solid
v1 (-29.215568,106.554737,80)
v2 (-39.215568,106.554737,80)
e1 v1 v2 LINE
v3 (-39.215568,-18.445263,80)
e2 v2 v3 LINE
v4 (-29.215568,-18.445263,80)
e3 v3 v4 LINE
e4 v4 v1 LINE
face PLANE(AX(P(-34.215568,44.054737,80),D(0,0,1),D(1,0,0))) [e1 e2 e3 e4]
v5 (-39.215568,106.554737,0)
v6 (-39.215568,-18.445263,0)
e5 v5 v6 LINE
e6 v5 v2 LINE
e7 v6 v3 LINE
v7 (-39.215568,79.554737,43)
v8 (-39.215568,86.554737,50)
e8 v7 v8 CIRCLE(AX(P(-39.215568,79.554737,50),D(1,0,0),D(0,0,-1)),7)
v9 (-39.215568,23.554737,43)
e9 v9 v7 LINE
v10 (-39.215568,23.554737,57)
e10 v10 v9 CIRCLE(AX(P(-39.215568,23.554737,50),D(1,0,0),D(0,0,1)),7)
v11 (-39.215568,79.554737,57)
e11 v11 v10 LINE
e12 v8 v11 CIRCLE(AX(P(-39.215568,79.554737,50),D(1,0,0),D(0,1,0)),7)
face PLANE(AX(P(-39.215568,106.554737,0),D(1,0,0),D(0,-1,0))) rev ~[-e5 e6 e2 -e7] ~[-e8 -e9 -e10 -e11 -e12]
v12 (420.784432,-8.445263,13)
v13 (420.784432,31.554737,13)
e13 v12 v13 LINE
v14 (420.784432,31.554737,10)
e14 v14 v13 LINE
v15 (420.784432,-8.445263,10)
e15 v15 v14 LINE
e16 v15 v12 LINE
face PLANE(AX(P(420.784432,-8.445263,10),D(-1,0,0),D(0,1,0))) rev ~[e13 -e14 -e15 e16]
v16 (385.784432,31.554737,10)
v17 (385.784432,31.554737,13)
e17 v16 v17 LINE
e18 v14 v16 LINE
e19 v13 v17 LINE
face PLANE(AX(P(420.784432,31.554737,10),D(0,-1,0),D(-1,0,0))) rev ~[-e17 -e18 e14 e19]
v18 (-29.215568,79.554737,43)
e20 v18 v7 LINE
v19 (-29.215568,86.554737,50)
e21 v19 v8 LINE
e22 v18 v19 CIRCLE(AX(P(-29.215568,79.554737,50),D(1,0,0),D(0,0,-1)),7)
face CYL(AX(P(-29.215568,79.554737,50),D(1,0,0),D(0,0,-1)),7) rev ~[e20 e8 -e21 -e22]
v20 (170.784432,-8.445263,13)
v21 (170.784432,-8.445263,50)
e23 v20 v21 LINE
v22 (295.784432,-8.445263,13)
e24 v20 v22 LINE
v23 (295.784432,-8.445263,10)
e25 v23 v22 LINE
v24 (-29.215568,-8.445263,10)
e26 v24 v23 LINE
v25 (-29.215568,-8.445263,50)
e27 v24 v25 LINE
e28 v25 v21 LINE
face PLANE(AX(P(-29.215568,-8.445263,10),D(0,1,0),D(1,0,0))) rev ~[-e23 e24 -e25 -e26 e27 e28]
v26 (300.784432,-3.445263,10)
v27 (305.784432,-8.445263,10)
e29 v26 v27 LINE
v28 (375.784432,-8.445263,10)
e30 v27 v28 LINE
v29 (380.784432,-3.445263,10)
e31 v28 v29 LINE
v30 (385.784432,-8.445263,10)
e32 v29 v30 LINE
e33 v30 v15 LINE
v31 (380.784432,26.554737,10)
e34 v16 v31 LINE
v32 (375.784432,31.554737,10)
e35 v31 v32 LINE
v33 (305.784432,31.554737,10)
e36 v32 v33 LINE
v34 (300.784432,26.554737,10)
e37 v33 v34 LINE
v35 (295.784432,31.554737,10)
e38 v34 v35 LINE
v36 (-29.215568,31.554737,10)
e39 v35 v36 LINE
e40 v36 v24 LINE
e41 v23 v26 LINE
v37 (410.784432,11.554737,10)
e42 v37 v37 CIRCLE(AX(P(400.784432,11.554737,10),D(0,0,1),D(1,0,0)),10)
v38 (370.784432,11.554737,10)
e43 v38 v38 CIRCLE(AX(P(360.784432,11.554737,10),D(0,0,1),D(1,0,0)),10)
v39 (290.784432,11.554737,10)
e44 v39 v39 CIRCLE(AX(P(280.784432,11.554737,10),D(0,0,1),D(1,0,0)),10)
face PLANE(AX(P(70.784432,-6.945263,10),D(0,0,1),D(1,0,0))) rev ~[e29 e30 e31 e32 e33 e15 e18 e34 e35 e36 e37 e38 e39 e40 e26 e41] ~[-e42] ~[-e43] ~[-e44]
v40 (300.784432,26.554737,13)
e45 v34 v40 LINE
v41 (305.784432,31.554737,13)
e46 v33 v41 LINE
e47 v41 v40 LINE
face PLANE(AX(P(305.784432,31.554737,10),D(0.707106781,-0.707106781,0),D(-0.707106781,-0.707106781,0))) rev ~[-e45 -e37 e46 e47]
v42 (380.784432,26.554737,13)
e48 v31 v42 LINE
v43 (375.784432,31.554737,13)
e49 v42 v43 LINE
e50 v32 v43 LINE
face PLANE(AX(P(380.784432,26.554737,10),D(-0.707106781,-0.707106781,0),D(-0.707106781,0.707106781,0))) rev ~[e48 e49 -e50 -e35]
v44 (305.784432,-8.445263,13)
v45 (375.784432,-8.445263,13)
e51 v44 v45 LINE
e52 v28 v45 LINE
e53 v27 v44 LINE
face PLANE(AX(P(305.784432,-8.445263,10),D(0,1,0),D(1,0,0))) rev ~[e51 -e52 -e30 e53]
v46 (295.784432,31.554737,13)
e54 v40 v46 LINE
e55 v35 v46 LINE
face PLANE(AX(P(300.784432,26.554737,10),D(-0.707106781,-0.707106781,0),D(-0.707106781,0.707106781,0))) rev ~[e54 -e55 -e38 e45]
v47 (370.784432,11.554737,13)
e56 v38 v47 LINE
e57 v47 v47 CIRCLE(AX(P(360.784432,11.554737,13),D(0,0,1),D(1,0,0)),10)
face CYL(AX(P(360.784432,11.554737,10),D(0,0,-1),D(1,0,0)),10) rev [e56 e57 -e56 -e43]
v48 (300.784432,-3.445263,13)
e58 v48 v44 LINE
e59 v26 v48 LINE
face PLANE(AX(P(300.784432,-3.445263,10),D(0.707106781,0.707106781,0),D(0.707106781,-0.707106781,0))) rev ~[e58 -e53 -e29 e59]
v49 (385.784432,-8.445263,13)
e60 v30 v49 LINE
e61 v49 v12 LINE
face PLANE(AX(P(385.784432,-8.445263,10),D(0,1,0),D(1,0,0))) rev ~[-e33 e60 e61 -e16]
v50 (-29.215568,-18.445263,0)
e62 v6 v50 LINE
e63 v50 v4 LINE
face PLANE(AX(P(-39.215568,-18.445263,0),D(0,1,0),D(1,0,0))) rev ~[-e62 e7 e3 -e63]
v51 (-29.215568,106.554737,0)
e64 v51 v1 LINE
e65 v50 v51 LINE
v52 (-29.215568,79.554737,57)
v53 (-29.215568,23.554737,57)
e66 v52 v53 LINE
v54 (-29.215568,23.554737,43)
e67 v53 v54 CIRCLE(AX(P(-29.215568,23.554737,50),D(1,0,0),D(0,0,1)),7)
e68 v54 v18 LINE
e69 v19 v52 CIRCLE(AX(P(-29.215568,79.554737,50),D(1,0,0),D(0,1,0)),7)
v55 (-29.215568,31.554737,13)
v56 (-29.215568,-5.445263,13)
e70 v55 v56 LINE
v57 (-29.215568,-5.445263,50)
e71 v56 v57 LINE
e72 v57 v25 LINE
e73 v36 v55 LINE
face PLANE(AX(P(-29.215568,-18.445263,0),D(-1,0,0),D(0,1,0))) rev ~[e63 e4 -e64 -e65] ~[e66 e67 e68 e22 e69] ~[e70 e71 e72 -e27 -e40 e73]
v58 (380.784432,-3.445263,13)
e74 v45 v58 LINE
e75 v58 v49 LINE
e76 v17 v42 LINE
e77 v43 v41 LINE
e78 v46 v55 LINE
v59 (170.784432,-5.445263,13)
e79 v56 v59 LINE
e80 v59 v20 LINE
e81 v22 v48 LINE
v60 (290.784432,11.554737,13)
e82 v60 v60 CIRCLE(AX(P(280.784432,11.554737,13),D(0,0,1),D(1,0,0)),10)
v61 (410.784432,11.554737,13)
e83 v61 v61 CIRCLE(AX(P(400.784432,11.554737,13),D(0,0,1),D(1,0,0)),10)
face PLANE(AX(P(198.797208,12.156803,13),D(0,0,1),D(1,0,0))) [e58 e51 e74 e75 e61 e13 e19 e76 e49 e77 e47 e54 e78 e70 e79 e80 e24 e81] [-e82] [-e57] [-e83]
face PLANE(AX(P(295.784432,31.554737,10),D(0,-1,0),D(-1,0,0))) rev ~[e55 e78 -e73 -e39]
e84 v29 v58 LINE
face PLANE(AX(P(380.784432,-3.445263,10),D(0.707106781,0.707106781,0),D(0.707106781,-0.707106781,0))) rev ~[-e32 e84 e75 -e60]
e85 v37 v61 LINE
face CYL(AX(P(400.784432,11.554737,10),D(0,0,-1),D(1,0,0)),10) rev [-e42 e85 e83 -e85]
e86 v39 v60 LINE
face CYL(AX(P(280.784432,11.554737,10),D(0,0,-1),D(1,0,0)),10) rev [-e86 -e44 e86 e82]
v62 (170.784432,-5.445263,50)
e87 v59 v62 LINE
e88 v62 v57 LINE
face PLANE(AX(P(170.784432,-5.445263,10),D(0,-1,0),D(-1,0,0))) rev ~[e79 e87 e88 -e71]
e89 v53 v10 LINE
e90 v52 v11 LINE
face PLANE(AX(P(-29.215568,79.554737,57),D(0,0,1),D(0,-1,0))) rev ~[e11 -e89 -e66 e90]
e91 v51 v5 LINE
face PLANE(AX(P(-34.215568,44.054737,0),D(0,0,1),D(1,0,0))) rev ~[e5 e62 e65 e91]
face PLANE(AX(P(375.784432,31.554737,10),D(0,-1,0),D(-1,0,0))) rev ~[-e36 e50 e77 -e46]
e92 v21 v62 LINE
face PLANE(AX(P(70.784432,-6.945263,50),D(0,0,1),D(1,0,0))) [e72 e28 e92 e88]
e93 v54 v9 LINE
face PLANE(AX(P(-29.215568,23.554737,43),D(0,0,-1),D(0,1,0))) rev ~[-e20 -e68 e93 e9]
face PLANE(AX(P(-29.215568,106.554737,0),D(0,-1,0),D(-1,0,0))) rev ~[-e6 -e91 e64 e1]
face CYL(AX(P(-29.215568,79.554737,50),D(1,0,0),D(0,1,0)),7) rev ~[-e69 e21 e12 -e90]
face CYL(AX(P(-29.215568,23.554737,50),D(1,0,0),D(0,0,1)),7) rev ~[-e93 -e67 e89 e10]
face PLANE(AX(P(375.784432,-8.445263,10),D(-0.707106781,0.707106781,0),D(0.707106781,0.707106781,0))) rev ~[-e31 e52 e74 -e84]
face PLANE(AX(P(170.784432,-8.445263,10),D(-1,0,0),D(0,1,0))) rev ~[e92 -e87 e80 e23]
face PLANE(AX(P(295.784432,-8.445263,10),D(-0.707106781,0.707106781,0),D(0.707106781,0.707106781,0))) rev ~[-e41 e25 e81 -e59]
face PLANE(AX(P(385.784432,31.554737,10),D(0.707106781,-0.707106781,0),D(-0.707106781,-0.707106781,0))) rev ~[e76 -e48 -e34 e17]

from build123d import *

# Parameters (mm, degrees)
F1_DEPTH = 80
F2_START = 10
F0_R     = 10
F2_DEPTH = 3
F3_START = 10
F3_DEPTH = 40
F5_DEPTH = 25


with BuildPart() as f1:
    # F0 (on Top) → F1 (new body)
    with BuildSketch(Plane.XY):
        Polygon((-39.2155684531, 106.5547373146), (-39.2155684531, -18.4452626854), (-29.2155684531, -18.4452626854), (-29.2155684531, -8.4452626854), (-29.2155684531, -5.4452626854), (-29.2155684531, 31.5547373146), (-29.2155684531, 106.5547373146), align=None)
    extrude(amount=F1_DEPTH)

    # F0 (on Top) → F2 (join)
    with BuildSketch(Plane.XY.offset(F2_START)):
        Polygon((-29.2155684531, 31.5547373146), (-29.2155684531, -5.4452626854), (170.7844315469, -5.4452626854), (170.7844315469, -8.4452626854), (295.7844315469, -8.4452626854), (300.7844315469, -3.4452626854), (305.7844315469, -8.4452626854), (375.7844315469, -8.4452626854), (380.7844315469, -3.4452626854), (385.7844315469, -8.4452626854), (420.7844315469, -8.4452626854), (420.7844315469, 31.5547373146), (385.7844315469, 31.5547373146), (380.7844315469, 26.5547373146), (375.7844315469, 31.5547373146), (305.7844315469, 31.5547373146), (300.7844315469, 26.5547373146), (295.7844315469, 31.5547373146), align=None)
        with Locations((280.7844315469, 11.5547373146)):
            Circle(F0_R, mode=Mode.SUBTRACT)
        with Locations((360.7844315469, 11.5547373146)):
            Circle(F0_R, mode=Mode.SUBTRACT)
        with Locations((400.7844315469, 11.5547373146)):
            Circle(F0_R, mode=Mode.SUBTRACT)
    extrude(amount=F2_DEPTH)

    # F0 (on Top) → F3 (join)
    with BuildSketch(Plane.XY.offset(F3_START)):
        Polygon((-29.2155684531, -5.4452626854), (-29.2155684531, -8.4452626854), (-19.2155684531, -8.4452626854), (170.7844315469, -8.4452626854), (170.7844315469, -5.4452626854), align=None)
    extrude(amount=F3_DEPTH)

    # F4 (on face) → F5 (cut)
    with BuildSketch(Plane.YZ.offset(-29.2155684531)):
        with BuildLine():
            ThreePointArc((23.5547373146, 57), (28.5044847829, 54.9497474683), (30.5547373146, 50))
            ThreePointArc((30.5547373146, 50), (28.5044847829, 45.0502525317), (23.5547373146, 43))
            Line((23.5547373146, 43), (79.5547373146, 43))
            ThreePointArc((79.5547373146, 43), (72.5547373146, 50), (79.5547373146, 57))
            Line((79.5547373146, 57), (23.5547373146, 57))
        make_face()
        with BuildLine():
            ThreePointArc((23.5547373146, 43), (28.5044847829, 45.0502525317), (30.5547373146, 50))
            ThreePointArc((30.5547373146, 50), (28.5044847829, 54.9497474683), (23.5547373146, 57))
            ThreePointArc((23.5547373146, 57), (16.5547373146, 50), (23.5547373146, 43))
        make_face()
        with BuildLine():
            ThreePointArc((86.5547373146, 50), (84.5044847829, 54.9497474683), (79.5547373146, 57))
            ThreePointArc((79.5547373146, 57), (72.5547373146, 50), (79.5547373146, 43))
            ThreePointArc((79.5547373146, 43), (84.5044847829, 45.0502525317), (86.5547373146, 50))
        make_face()
    extrude(amount=-F5_DEPTH, mode=Mode.SUBTRACT)


solid = f1.part
